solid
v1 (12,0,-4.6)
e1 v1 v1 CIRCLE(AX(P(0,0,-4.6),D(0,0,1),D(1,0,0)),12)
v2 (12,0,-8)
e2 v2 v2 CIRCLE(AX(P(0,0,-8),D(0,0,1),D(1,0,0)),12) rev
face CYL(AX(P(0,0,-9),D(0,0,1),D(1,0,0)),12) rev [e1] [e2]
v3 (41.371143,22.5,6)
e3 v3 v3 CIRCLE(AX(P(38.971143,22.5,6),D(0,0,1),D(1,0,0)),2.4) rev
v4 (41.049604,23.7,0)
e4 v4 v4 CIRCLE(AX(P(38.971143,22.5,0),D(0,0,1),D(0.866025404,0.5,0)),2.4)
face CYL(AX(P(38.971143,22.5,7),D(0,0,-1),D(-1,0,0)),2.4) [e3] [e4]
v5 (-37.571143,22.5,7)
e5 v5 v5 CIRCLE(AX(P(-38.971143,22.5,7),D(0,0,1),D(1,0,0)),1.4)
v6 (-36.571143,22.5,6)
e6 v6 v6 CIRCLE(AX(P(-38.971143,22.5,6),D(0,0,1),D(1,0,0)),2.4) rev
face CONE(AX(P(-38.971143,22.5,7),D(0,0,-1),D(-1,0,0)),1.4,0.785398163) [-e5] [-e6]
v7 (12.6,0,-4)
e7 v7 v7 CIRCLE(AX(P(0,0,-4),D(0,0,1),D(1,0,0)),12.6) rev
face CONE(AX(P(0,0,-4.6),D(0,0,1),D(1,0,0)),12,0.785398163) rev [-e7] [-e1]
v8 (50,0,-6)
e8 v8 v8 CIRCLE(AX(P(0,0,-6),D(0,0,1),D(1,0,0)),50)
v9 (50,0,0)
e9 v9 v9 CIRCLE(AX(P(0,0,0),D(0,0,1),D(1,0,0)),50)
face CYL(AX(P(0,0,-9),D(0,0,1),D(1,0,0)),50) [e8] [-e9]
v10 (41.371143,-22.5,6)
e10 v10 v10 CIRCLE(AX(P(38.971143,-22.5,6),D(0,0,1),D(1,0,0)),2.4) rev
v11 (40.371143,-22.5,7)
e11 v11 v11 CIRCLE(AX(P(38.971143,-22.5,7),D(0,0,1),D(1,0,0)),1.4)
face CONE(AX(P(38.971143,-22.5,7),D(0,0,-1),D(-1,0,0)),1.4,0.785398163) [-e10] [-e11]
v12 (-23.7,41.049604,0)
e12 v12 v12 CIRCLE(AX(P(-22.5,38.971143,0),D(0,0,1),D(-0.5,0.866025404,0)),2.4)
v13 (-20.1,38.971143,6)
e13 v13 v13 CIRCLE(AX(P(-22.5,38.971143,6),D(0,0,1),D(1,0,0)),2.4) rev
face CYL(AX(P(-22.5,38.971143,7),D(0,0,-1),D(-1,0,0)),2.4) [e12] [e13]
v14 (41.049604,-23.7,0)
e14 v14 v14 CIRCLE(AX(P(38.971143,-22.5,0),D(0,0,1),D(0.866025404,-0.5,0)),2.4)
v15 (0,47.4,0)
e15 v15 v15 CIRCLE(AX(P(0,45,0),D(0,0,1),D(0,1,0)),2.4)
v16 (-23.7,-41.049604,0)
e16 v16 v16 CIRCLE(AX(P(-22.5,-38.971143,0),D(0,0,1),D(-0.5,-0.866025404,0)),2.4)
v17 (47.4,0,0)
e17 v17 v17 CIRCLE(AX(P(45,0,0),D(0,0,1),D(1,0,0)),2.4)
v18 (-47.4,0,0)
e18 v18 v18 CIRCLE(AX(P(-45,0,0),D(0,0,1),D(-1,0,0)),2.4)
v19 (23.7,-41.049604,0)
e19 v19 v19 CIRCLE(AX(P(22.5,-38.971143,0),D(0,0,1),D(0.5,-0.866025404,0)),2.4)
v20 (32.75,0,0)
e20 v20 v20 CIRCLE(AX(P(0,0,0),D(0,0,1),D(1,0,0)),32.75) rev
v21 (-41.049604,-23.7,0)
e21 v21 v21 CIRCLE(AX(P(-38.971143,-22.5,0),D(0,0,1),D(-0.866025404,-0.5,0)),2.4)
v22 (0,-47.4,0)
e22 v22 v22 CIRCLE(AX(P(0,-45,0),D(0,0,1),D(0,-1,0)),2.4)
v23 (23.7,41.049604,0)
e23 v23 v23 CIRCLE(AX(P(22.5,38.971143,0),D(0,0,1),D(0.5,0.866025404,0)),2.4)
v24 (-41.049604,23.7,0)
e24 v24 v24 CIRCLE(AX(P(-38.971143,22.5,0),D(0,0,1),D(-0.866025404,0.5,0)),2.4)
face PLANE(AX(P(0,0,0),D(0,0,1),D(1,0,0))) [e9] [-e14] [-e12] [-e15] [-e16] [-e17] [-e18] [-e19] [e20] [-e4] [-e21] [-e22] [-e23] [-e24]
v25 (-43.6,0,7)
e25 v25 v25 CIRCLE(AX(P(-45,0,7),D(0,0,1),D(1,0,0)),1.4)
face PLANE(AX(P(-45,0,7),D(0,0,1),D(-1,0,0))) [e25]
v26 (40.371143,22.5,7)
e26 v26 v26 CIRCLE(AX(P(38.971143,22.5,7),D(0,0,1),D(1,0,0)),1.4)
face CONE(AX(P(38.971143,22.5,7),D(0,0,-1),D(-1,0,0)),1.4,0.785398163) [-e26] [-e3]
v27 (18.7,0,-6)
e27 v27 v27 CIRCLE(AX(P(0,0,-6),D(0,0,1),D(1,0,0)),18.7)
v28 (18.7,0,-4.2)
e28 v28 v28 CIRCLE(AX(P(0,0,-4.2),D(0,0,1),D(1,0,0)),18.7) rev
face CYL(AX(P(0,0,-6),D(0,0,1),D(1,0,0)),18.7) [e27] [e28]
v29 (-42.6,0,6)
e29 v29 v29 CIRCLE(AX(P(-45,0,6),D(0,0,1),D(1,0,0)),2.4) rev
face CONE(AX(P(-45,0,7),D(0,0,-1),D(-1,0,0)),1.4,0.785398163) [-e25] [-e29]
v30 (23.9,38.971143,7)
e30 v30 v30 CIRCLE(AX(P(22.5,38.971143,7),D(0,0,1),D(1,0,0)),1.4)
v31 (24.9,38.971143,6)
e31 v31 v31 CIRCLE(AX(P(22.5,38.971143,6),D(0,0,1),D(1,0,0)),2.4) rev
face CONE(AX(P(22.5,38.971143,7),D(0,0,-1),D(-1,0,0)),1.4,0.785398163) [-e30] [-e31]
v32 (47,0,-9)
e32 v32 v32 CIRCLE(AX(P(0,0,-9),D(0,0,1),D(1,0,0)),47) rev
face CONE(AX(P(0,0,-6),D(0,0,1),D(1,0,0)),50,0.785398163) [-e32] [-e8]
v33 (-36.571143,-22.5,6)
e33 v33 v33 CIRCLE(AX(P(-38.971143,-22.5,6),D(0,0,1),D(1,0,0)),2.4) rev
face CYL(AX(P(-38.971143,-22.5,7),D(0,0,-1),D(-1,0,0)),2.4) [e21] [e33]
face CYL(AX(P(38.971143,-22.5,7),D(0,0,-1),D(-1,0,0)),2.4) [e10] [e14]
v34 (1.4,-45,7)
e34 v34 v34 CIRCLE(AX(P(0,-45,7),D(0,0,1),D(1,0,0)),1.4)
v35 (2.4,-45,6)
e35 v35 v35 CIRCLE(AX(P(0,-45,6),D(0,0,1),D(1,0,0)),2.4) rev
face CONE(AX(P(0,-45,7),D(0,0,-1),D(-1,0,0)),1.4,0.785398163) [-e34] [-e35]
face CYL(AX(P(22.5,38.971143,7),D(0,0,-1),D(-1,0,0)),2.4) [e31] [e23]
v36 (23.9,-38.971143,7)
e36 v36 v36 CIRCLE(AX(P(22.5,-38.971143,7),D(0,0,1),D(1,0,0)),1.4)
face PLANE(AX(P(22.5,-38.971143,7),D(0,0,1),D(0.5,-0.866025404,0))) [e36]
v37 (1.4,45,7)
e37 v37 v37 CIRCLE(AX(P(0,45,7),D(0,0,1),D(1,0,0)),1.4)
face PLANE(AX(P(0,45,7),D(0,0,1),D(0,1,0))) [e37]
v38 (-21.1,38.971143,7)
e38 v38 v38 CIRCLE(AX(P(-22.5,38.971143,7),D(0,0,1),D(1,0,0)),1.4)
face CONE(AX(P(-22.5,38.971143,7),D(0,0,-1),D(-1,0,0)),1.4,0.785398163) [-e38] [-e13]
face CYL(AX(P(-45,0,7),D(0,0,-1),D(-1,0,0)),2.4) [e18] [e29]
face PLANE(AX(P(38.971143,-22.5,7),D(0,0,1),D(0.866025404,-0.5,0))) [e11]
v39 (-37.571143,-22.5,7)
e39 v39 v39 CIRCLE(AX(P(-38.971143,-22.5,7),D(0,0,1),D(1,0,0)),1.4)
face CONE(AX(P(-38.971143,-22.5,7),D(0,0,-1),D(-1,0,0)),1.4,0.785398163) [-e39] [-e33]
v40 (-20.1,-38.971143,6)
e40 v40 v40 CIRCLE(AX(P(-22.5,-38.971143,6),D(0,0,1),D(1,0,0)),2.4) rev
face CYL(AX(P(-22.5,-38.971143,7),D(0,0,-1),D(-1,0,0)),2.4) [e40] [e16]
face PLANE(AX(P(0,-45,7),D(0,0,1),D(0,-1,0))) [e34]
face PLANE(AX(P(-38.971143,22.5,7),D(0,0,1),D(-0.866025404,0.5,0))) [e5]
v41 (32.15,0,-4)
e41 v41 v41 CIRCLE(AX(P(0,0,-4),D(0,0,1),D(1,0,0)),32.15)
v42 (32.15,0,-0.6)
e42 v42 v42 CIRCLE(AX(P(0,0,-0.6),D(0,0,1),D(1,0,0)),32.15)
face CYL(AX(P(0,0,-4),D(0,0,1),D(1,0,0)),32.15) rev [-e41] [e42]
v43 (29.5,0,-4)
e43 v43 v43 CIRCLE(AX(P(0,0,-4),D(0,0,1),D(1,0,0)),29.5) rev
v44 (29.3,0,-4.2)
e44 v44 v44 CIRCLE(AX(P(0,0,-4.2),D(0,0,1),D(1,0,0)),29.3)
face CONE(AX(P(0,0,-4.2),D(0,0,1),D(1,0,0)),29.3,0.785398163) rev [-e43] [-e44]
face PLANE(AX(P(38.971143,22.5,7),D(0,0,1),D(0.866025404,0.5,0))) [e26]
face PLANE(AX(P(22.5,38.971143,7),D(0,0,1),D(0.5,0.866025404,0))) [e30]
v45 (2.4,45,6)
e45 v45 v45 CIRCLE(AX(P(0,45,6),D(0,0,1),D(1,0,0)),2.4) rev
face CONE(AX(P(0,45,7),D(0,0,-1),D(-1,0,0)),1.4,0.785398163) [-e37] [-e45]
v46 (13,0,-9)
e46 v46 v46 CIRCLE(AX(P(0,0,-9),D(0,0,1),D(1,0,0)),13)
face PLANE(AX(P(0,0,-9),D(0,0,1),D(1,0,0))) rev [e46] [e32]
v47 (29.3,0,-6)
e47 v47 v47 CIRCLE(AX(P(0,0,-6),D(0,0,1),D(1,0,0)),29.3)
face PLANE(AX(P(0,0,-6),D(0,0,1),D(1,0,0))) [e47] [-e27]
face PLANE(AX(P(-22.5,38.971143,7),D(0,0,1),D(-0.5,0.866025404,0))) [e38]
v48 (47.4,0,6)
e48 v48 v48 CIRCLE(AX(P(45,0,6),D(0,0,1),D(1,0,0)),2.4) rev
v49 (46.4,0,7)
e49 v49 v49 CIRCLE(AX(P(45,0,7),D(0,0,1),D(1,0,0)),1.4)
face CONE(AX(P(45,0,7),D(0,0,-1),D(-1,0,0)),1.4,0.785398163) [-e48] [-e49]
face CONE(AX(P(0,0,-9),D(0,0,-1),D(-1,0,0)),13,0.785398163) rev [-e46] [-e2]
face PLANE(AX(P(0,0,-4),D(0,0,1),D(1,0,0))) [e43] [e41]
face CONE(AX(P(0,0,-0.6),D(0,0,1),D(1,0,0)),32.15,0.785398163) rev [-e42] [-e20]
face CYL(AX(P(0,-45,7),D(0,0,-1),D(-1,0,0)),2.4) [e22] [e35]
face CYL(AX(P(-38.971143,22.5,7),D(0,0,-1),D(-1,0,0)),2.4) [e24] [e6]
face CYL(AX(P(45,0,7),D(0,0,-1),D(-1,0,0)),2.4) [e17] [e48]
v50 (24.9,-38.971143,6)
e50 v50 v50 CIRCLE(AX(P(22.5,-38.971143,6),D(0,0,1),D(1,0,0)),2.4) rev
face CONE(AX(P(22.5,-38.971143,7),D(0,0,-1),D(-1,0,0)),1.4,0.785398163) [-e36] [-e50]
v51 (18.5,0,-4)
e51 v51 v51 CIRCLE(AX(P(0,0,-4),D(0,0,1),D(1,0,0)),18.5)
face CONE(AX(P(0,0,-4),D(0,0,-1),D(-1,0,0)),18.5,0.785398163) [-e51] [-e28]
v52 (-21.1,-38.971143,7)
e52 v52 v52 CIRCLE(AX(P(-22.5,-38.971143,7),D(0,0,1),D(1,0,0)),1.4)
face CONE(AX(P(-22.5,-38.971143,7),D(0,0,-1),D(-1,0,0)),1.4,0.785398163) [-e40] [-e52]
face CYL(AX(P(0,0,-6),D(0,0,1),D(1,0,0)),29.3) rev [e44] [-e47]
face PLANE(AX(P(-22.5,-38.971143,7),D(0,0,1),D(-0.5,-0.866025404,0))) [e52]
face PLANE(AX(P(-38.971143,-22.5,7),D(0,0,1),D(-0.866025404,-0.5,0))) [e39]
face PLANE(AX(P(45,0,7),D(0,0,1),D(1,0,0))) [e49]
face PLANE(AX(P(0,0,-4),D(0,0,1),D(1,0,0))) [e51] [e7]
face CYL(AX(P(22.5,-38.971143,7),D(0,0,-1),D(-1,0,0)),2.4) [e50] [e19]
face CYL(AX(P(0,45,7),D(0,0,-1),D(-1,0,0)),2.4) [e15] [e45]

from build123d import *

# Parameters (mm, degrees)
SKETCH1_R                    = 50
BOSS_EXTRUDE1_DEPTH          = 9
SKETCH2_R                    = 2.4
BOSS_EXTRUDE2_DEPTH          = 7
CHAMFER1_SIZE                = 1
CIRPATTERN1_COUNT            = 12
CHAMFER1_OF_CIRPATTERN1_SIZE = 1
SKETCH3_R                    = 32.15
CUT_EXTRUDE1_DEPTH           = 4
SKETCH4_R                    = 12
CUT_EXTRUDE2_DEPTH           = 10
CHAMFER2_SIZE                = 0.6
SKETCH5_R                    = 29.3
SKETCH5_R_2                  = 18.7
CUT_EXTRUDE3_DEPTH           = 2
CHAMFER3_SIZE                = 0.2
CHAMFER4_SIZE                = 3
CHAMFER5_SIZE                = 1
CHAMFER6_SIZE                = 0.6


with BuildPart() as part:
    # Sketch1 → Boss-Extrude1 (new body)
    with BuildSketch(Plane.XY):
        Circle(SKETCH1_R)
    extrude(amount=-BOSS_EXTRUDE1_DEPTH)

    # Sketch2 → Boss-Extrude2 (add)
    with BuildSketch(Plane.XY):
        with Locations((45, 0)):
            Circle(SKETCH2_R)
    boss_extrude2 = extrude(amount=BOSS_EXTRUDE2_DEPTH)

    # Chamfer1
    chamfer1_edges = [part.edges().sort_by_distance(p)[0] for p in [
        (42.6, 0, 7),
    ]]
    chamfer(chamfer1_edges, length=CHAMFER1_SIZE)

    # CirPattern1: Boss-Extrude2 ×12 about axis
    cirpattern1_axis = Axis((0, 0, 0), (0, 0, 1))
    for i in range(1, CIRPATTERN1_COUNT):
        add(boss_extrude2.rotate(cirpattern1_axis, i * 360 / CIRPATTERN1_COUNT))

    # Chamfer1 of CirPattern1
    chamfer1_of_cirpattern1_edges = [part.edges().sort_by_distance(p)[0] for p in [
        (36.892682201, 21.3, 7),
        (21.3, 36.892682201, 7),
        (0, 42.6, 7),
        (-21.3, 36.892682201, 7),
        (-36.892682201, 21.3, 7),
        (-42.6, 0, 7),
        (-36.892682201, -21.3, 7),
        (-21.3, -36.892682201, 7),
        (0, -42.6, 7),
        (21.3, -36.892682201, 7),
        (36.892682201, -21.3, 7),
    ]]
    chamfer(chamfer1_of_cirpattern1_edges, length=CHAMFER1_OF_CIRPATTERN1_SIZE)

    # Sketch3 → Cut-Extrude1 (cut)
    with BuildSketch(Plane.XY):
        Circle(SKETCH3_R)
    extrude(amount=-CUT_EXTRUDE1_DEPTH, mode=Mode.SUBTRACT)

    # Sketch4 → Cut-Extrude2 (cut, through all)
    with BuildSketch(Plane.XY):
        Circle(SKETCH4_R)
    extrude(amount=-CUT_EXTRUDE2_DEPTH, mode=Mode.SUBTRACT)

    # Chamfer2
    chamfer2_edges = [part.edges().sort_by_distance(p)[0] for p in [
        (-32.15, 0, 0),
    ]]
    chamfer(chamfer2_edges, length=CHAMFER2_SIZE)

    # Sketch5 → Cut-Extrude3 (cut)
    with BuildSketch(Plane.XY.offset(-4)):
        Circle(SKETCH5_R)
        Circle(SKETCH5_R_2, mode=Mode.SUBTRACT)
    extrude(amount=-CUT_EXTRUDE3_DEPTH, mode=Mode.SUBTRACT)

    # Chamfer3
    chamfer3_edges = [part.edges().sort_by_distance(p)[0] for p in [
        (-29.3, 0, -4),
        (-18.7, 0, -4),
    ]]
    chamfer(chamfer3_edges, length=CHAMFER3_SIZE)

    # Chamfer4
    chamfer4_edges = [part.edges().sort_by_distance(p)[0] for p in [
        (-50, 0, -9),
    ]]
    chamfer(chamfer4_edges, length=CHAMFER4_SIZE)

    # Chamfer5
    chamfer5_edges = [part.edges().sort_by_distance(p)[0] for p in [
        (-12, 0, -9),
    ]]
    chamfer(chamfer5_edges, length=CHAMFER5_SIZE)

    # Chamfer6
    chamfer6_edges = [part.edges().sort_by_distance(p)[0] for p in [
        (-12, 0, -4),
    ]]
    chamfer(chamfer6_edges, length=CHAMFER6_SIZE)


solid = part.part
